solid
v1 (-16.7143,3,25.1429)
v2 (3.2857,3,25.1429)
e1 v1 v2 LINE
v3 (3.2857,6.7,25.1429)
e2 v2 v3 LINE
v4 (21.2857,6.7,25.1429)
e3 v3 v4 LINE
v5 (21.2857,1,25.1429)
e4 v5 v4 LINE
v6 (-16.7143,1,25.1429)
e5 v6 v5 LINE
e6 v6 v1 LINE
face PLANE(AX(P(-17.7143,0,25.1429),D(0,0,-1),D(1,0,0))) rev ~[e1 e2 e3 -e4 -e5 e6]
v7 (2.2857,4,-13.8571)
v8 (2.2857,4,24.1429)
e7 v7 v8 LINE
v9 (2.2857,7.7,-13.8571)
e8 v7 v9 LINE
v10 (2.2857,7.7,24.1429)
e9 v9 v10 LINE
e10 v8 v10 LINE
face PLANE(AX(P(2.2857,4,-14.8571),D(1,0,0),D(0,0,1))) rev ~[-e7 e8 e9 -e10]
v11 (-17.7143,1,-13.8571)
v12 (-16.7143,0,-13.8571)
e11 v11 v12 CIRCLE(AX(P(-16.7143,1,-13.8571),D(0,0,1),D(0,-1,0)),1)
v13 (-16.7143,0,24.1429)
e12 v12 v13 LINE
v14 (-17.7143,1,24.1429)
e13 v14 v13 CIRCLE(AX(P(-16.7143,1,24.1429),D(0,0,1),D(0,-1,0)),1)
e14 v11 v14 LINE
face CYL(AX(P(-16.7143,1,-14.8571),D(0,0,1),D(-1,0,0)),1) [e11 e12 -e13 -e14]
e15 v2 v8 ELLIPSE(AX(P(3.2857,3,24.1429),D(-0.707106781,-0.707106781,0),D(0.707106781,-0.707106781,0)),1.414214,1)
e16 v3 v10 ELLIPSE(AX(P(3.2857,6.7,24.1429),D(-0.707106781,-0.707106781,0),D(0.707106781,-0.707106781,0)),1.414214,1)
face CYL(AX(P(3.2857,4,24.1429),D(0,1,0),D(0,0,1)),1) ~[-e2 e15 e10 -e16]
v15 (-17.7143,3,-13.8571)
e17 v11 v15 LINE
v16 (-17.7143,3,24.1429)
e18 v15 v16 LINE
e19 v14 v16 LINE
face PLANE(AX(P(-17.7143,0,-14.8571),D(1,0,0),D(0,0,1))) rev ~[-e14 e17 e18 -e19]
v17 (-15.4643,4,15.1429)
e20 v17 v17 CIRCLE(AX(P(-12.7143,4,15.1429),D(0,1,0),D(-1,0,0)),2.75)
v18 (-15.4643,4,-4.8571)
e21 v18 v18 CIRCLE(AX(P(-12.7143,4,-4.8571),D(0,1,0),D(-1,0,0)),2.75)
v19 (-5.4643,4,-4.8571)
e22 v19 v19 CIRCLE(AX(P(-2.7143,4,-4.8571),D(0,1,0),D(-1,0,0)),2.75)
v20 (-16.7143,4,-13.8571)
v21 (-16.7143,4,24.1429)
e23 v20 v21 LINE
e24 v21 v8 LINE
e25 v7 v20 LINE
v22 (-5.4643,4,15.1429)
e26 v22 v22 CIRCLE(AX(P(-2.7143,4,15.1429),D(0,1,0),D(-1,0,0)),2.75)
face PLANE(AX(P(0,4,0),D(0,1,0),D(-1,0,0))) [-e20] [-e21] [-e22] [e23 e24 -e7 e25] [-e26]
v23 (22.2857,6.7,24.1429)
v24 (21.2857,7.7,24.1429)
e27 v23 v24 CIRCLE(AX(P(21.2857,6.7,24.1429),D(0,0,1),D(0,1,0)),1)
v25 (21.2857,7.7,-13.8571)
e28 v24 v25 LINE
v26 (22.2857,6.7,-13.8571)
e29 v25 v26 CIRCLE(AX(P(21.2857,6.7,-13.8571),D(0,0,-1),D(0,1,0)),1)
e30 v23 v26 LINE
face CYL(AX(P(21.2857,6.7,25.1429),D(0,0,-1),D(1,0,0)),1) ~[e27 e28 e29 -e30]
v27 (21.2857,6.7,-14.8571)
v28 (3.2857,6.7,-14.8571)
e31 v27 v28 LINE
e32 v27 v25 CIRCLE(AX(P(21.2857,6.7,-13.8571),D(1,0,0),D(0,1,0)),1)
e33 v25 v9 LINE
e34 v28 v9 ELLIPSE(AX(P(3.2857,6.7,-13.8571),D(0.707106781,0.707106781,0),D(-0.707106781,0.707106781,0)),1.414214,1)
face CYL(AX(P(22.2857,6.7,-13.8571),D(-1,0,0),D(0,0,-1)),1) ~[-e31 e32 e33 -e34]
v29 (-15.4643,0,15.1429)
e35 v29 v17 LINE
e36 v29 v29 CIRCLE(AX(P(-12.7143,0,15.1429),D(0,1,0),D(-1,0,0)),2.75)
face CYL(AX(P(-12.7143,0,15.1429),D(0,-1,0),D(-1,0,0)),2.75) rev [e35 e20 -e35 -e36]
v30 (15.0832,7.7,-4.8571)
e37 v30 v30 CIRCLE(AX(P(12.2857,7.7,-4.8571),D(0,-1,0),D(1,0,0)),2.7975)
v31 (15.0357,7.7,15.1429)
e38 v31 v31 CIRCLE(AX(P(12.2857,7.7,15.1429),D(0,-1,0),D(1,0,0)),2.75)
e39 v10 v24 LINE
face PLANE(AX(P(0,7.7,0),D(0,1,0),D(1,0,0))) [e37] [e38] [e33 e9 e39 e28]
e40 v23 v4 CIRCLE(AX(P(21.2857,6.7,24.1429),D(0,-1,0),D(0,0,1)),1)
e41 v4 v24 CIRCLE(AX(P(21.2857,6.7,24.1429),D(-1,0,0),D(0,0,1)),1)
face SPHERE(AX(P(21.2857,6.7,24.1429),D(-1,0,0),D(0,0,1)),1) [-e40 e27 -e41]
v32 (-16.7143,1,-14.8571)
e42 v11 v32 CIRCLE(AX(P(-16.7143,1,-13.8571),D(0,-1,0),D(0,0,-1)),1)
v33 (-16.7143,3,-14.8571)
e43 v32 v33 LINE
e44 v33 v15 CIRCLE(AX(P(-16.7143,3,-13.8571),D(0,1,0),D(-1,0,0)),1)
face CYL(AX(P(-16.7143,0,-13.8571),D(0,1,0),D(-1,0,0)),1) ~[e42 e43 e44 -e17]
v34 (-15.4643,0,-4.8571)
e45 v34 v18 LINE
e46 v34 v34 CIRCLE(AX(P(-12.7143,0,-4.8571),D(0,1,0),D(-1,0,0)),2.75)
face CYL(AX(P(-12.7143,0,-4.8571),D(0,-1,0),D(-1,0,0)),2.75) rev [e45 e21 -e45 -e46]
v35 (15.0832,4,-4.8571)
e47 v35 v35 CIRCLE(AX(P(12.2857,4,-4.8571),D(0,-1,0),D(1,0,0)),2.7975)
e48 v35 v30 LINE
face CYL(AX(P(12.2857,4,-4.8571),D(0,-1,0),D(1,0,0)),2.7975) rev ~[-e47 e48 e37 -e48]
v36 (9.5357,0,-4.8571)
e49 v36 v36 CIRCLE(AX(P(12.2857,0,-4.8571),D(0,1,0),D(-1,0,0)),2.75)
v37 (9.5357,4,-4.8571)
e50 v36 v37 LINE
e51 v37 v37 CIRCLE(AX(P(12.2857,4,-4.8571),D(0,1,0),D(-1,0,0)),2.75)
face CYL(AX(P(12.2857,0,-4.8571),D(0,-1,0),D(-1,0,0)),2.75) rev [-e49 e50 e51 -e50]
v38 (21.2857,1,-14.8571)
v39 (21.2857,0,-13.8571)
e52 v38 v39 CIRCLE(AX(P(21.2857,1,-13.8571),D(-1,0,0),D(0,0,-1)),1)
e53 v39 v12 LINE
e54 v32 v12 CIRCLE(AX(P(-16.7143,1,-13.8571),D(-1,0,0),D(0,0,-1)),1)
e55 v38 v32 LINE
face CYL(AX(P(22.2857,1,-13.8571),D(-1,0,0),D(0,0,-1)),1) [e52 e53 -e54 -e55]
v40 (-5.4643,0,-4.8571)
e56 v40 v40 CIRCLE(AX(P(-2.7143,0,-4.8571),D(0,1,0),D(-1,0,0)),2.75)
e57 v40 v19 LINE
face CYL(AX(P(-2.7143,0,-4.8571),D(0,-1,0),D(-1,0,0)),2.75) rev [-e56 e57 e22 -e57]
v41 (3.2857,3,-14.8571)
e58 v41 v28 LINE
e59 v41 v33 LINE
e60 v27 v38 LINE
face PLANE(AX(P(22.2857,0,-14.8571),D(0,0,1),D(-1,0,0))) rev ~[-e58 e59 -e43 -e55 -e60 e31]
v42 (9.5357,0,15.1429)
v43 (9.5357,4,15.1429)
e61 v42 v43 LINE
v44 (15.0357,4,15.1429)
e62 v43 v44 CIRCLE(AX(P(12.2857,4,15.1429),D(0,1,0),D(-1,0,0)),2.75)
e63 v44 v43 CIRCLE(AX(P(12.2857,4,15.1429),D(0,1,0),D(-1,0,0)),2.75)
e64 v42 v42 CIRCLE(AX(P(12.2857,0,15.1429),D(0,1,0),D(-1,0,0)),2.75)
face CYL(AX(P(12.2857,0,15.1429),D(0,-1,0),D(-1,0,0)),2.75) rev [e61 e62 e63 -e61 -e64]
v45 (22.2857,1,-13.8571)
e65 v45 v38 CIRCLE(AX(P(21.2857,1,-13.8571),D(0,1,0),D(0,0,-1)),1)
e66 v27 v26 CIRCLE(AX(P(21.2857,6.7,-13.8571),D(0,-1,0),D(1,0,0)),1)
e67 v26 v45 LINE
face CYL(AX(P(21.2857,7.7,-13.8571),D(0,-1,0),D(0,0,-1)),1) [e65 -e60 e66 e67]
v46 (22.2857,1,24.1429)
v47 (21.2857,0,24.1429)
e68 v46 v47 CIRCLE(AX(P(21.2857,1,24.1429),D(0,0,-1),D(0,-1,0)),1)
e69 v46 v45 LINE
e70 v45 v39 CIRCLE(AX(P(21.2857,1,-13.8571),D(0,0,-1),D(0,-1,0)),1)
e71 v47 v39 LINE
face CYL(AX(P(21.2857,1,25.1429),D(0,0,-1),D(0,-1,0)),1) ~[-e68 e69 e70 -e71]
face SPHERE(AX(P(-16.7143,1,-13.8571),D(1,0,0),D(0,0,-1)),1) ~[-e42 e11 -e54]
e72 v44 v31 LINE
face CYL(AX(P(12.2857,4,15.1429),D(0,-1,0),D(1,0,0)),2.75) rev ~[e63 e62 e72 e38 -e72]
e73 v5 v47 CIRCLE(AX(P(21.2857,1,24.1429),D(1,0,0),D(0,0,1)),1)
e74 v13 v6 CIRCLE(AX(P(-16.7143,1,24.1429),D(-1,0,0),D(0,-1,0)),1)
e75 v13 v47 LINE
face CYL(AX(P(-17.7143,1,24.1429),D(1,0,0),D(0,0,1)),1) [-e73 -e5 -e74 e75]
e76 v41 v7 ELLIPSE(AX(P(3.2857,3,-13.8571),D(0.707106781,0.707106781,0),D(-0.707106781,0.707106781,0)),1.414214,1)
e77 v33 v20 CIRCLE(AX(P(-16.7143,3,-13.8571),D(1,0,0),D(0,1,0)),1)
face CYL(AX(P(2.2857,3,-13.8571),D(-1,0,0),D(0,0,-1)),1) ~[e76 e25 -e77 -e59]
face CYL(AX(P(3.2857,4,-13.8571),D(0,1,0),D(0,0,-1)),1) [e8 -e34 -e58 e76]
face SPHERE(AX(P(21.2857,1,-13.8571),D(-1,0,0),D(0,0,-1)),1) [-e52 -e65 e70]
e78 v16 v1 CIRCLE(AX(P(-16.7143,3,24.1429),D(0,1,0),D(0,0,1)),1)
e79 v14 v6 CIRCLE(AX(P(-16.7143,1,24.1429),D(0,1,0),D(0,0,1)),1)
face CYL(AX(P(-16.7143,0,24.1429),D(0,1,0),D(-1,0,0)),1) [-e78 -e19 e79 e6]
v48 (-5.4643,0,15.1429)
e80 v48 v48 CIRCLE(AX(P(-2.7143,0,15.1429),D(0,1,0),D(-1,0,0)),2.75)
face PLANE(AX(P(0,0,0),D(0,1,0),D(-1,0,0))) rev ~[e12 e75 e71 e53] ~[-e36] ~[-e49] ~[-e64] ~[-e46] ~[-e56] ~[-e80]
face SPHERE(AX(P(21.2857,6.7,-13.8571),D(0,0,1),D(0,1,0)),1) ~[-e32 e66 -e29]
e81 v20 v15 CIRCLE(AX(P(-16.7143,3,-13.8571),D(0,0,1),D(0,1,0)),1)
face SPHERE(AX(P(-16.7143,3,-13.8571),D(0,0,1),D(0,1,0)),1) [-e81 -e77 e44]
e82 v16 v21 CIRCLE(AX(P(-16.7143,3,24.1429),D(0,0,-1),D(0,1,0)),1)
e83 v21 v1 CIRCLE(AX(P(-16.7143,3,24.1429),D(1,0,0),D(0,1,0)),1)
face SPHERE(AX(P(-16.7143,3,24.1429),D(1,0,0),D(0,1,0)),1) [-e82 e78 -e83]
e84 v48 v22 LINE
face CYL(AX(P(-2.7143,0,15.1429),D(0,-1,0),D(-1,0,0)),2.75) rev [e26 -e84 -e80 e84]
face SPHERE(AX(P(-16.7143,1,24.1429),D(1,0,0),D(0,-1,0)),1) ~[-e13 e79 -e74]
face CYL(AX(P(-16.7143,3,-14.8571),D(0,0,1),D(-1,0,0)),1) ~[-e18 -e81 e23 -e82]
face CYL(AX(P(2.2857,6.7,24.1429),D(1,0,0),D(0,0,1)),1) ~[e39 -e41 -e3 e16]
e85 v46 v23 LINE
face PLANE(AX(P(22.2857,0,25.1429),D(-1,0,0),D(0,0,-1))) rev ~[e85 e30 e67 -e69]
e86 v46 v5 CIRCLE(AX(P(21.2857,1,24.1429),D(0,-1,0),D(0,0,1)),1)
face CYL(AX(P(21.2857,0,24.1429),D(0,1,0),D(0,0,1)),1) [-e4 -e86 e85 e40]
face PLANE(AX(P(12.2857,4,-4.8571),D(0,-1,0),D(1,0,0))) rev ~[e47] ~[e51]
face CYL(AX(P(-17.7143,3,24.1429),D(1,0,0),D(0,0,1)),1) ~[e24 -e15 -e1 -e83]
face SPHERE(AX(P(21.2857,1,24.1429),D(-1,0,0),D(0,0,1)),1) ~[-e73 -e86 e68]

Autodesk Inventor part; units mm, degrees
ref_plane "YZ Plane" through (0, 0, 0) normal (1, 0, 0) x (0, 1, 0)
ref_plane "XZ Plane" through (0, 0, 0) normal (0, 1, 0) x (-1, 0, 0)
ref_plane "XY Plane" through (0, 0, 0) normal (0, 0, 1) x (1, 0, 0)
sketch "Sketch1" plane through (0, 0, 0) normal (0, 1, 0) x (-1, 0, 0)
  line L0 (17.7143, 25.1429) -> (-22.2857, 25.1429)
  line L1 (-22.2857, 25.1429) -> (-22.2857, -14.8571)
  line L2 (-22.2857, -14.8571) -> (17.7143, -14.8571)
  line L3 (17.7143, -14.8571) -> (17.7143, 25.1429)
  circle A0 centre (12.7143, 15.1429) radius 2.75
  circle A1 centre (12.7143, -4.8571) radius 2.75
  circle A2 centre (2.7143, -4.8571) radius 2.75
  circle A3 centre (2.7143, 15.1429) radius 2.75
  circle A4 centre (-12.2857, 15.1429) radius 2.75
  circle A5 centre (-12.2857, -4.8571) radius 2.75
  point P0 (0, 0)
  dimension "d1" = 40
  dimension "d2" = 5.5
  dimension "d3" = 5.5
  dimension "d4" = 5.5
  dimension "d5" = 5.5
  dimension "d6" = 5.5
  dimension "d7" = 5.5
  dimension "d9" = 10
  dimension "d12" = 20
  dimension "d13" = 10
  dimension "d17" = 5
  dimension "d28" = 10
  dimension "d32" = 15
extrude "Extrusion1" add sketch "Sketch1" along normal blind 4
sketch "Sketch2" plane through (0, 4, 0) normal (0, 1, 0) x (1, 0, 0)
  line L0 (22.2857, -25.1429) -> (22.2857, 14.8571) projected
  line L1 (22.2857, 14.8571) -> (2.2857, 14.8571)
  line L2 (2.2857, 14.8571) -> (2.2857, -25.1429)
  line L3 (2.2857, -25.1429) -> (22.2857, -25.1429)
  line L4 (22.2857, -25.1429) -> (22.2857, 14.8571)
  point P0 (0, 0)
  dimension "d30" = 20
  dimension "d31" = 40
extrude "Extrusion2" add sketch "Sketch2" along normal blind 3.7
sketch "Sketch3" plane through (12.2857, 4, -4.8571) normal (0, -1, 0) x (1, 0, 0)
  circle A0 centre (0, 0) radius 2.7975
  circle A1 centre (0, 20) radius 2.75
  line L0 (10, -10) -> (-30, -10) projected
  line L1 (10, 30) -> (10, -10) projected
  point P0 (-12.2857, 4.8571)
  dimension "d21" = 20
  dimension "d22" = 5.5
  dimension "d23" = 10
  dimension "d24" = 10
extrude "Extrusion3" cut sketch "Sketch3" against normal blind 3.7
fillet "Fillet2" radius 1 16 edges at (2.2857, 0, 25.1429) (-7.7143, 4, 25.1429) (12.2857, 7.7, 25.1429) (22.2857, 3.85, 25.1429) (22.2857, 7.7, 5.1429) (12.2857, 7.7, -14.8571) (-17.7143, 4, 5.1429) (-7.7143, 4, -14.8571) (2.2857, 0, -14.8571) (-17.7143, 2, -14.8571) (-17.7143, 0, 5.1429) (-17.7143, 2, 25.1429) (22.2857, 3.85, -14.8571) (22.2857, 0, 5.1429) (2.2857, 5.85, 25.1429) (2.2857, 5.85, -14.8571)
properties part number "syringepumpplate"
